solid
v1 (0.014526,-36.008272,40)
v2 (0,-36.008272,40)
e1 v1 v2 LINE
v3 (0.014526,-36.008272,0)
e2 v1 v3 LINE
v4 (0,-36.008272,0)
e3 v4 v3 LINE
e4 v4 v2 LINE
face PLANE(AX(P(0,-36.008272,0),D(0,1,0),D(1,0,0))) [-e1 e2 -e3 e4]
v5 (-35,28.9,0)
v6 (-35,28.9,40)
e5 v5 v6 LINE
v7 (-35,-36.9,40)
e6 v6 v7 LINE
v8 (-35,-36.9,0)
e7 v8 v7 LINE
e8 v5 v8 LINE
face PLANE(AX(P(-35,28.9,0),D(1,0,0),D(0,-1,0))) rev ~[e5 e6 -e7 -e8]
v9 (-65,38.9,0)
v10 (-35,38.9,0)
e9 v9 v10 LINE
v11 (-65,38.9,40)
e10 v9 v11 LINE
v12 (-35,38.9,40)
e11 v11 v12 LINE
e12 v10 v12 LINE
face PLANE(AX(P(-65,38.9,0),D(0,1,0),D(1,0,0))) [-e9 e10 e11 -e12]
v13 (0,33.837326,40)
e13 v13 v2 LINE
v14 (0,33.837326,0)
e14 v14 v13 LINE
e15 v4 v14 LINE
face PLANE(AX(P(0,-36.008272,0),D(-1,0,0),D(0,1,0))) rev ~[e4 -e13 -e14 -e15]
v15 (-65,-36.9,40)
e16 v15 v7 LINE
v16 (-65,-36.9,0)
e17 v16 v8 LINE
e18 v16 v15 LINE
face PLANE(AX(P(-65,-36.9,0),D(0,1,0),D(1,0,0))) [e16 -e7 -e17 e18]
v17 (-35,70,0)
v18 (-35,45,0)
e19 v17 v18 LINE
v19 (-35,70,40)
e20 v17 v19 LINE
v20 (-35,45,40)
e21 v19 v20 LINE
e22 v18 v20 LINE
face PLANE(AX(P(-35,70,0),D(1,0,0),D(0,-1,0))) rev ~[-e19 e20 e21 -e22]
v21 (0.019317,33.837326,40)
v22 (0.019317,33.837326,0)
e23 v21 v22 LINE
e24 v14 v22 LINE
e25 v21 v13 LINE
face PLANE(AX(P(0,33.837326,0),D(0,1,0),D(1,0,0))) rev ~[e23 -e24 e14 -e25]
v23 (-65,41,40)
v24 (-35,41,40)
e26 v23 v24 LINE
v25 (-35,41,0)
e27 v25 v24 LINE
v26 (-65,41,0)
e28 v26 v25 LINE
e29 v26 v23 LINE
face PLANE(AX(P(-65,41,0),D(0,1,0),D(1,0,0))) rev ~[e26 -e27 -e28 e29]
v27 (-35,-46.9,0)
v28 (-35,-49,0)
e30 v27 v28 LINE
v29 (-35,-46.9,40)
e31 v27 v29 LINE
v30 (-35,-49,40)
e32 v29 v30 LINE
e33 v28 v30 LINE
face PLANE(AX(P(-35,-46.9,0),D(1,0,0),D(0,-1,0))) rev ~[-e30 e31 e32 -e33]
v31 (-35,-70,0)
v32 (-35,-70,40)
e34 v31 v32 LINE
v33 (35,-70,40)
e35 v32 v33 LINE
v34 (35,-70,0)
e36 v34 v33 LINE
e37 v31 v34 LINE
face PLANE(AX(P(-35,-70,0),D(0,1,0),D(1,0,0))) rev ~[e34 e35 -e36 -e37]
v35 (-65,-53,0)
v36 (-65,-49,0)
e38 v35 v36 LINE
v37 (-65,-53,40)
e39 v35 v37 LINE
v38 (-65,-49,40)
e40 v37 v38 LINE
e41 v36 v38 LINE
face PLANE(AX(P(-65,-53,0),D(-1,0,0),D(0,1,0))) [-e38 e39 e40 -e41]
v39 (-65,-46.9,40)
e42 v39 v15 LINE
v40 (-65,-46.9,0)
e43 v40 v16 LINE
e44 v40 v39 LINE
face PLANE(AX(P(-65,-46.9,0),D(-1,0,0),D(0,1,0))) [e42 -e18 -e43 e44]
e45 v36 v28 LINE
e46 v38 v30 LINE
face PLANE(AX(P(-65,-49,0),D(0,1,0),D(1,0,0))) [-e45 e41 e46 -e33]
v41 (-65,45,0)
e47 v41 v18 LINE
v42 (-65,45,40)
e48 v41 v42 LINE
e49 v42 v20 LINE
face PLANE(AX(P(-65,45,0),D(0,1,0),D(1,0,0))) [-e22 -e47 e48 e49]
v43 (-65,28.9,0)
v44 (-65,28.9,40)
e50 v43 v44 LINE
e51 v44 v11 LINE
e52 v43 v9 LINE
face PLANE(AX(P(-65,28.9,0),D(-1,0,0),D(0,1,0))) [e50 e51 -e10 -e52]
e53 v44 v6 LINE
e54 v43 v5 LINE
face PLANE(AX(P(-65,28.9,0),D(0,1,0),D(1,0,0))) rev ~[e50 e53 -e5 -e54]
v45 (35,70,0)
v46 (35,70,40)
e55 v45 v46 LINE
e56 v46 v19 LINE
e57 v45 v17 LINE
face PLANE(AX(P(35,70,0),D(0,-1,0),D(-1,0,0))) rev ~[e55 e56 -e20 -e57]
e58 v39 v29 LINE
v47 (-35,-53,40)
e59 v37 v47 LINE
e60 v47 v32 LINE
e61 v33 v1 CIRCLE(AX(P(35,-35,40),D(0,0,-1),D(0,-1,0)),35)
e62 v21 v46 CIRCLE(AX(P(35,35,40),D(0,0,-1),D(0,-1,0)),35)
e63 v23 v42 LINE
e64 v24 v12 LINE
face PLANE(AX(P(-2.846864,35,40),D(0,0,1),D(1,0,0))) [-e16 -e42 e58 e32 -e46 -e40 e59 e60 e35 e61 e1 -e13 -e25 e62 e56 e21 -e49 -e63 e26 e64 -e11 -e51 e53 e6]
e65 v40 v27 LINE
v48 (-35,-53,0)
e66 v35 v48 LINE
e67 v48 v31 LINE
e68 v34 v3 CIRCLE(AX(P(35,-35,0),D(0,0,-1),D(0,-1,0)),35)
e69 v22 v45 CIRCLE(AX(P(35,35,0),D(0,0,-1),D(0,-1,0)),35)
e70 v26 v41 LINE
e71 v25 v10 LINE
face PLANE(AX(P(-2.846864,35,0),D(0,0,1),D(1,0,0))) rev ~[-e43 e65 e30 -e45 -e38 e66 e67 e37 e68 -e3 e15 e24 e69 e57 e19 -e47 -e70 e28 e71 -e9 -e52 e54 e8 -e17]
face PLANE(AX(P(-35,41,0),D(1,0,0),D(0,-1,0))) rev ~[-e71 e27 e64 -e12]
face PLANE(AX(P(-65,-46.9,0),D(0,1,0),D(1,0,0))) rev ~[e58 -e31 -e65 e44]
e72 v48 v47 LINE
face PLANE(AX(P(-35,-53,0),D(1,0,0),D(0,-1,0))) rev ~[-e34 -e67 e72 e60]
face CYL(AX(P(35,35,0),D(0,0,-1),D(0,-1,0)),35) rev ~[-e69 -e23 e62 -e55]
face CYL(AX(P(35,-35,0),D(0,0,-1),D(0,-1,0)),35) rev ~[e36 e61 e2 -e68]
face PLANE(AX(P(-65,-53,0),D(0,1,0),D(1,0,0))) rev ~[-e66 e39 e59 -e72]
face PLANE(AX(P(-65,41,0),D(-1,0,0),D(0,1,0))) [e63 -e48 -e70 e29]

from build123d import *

# Parameters (mm, degrees)
F0_W     = 30
F0_H     = 10
F0_H_2   = 4
F1_DEPTH = 40
F2_W     = 38.356159
F2_H     = 69.845598
F3_DEPTH = 78.310288


with BuildPart() as f1:
    # F0 (on Top) → F1 (new body)
    with BuildSketch(Plane.XY):
        with BuildLine():
            Line((-35, 0), (35, 0))
            ThreePointArc((35, 0), (0, 35), (35, 70))
            Line((35, 70), (-35, 70))
            Line((-35, 70), (-35, 45))
            Line((-35, 45), (-35, 41))
            Line((-35, 41), (-35, 38.9))
            Line((-35, 38.9), (-35, 28.9))
            Line((-35, 28.9), (-35, 0))
        make_face()
        with BuildLine():
            Line((-35, -53), (-35, -70))
            Line((-35, -70), (35, -70))
            ThreePointArc((35, -70), (0, -35), (35, 0))
            Line((35, 0), (-35, 0))
            Line((-35, 0), (-35, -36.9))
            Line((-35, -36.9), (-35, -46.9))
            Line((-35, -46.9), (-35, -49))
            Line((-35, -49), (-35, -53))
        make_face()
        with Locations((-50, 33.9)):
            Rectangle(F0_W, F0_H)
        with Locations((-50, 43)):
            Rectangle(F0_W, F0_H_2)
        with Locations((-50, -51)):
            Rectangle(F0_W, F0_H_2)
        with Locations((-50, -41.9)):
            Rectangle(F0_W, F0_H)
    extrude(amount=F1_DEPTH)

    # F2 (on Top) → F3 (cut)
    with BuildSketch(Plane.XY):
        with Locations((19.178079, -1.085473)):
            Rectangle(F2_W, F2_H)
    extrude(amount=F3_DEPTH, mode=Mode.SUBTRACT)


solid = f1.part
